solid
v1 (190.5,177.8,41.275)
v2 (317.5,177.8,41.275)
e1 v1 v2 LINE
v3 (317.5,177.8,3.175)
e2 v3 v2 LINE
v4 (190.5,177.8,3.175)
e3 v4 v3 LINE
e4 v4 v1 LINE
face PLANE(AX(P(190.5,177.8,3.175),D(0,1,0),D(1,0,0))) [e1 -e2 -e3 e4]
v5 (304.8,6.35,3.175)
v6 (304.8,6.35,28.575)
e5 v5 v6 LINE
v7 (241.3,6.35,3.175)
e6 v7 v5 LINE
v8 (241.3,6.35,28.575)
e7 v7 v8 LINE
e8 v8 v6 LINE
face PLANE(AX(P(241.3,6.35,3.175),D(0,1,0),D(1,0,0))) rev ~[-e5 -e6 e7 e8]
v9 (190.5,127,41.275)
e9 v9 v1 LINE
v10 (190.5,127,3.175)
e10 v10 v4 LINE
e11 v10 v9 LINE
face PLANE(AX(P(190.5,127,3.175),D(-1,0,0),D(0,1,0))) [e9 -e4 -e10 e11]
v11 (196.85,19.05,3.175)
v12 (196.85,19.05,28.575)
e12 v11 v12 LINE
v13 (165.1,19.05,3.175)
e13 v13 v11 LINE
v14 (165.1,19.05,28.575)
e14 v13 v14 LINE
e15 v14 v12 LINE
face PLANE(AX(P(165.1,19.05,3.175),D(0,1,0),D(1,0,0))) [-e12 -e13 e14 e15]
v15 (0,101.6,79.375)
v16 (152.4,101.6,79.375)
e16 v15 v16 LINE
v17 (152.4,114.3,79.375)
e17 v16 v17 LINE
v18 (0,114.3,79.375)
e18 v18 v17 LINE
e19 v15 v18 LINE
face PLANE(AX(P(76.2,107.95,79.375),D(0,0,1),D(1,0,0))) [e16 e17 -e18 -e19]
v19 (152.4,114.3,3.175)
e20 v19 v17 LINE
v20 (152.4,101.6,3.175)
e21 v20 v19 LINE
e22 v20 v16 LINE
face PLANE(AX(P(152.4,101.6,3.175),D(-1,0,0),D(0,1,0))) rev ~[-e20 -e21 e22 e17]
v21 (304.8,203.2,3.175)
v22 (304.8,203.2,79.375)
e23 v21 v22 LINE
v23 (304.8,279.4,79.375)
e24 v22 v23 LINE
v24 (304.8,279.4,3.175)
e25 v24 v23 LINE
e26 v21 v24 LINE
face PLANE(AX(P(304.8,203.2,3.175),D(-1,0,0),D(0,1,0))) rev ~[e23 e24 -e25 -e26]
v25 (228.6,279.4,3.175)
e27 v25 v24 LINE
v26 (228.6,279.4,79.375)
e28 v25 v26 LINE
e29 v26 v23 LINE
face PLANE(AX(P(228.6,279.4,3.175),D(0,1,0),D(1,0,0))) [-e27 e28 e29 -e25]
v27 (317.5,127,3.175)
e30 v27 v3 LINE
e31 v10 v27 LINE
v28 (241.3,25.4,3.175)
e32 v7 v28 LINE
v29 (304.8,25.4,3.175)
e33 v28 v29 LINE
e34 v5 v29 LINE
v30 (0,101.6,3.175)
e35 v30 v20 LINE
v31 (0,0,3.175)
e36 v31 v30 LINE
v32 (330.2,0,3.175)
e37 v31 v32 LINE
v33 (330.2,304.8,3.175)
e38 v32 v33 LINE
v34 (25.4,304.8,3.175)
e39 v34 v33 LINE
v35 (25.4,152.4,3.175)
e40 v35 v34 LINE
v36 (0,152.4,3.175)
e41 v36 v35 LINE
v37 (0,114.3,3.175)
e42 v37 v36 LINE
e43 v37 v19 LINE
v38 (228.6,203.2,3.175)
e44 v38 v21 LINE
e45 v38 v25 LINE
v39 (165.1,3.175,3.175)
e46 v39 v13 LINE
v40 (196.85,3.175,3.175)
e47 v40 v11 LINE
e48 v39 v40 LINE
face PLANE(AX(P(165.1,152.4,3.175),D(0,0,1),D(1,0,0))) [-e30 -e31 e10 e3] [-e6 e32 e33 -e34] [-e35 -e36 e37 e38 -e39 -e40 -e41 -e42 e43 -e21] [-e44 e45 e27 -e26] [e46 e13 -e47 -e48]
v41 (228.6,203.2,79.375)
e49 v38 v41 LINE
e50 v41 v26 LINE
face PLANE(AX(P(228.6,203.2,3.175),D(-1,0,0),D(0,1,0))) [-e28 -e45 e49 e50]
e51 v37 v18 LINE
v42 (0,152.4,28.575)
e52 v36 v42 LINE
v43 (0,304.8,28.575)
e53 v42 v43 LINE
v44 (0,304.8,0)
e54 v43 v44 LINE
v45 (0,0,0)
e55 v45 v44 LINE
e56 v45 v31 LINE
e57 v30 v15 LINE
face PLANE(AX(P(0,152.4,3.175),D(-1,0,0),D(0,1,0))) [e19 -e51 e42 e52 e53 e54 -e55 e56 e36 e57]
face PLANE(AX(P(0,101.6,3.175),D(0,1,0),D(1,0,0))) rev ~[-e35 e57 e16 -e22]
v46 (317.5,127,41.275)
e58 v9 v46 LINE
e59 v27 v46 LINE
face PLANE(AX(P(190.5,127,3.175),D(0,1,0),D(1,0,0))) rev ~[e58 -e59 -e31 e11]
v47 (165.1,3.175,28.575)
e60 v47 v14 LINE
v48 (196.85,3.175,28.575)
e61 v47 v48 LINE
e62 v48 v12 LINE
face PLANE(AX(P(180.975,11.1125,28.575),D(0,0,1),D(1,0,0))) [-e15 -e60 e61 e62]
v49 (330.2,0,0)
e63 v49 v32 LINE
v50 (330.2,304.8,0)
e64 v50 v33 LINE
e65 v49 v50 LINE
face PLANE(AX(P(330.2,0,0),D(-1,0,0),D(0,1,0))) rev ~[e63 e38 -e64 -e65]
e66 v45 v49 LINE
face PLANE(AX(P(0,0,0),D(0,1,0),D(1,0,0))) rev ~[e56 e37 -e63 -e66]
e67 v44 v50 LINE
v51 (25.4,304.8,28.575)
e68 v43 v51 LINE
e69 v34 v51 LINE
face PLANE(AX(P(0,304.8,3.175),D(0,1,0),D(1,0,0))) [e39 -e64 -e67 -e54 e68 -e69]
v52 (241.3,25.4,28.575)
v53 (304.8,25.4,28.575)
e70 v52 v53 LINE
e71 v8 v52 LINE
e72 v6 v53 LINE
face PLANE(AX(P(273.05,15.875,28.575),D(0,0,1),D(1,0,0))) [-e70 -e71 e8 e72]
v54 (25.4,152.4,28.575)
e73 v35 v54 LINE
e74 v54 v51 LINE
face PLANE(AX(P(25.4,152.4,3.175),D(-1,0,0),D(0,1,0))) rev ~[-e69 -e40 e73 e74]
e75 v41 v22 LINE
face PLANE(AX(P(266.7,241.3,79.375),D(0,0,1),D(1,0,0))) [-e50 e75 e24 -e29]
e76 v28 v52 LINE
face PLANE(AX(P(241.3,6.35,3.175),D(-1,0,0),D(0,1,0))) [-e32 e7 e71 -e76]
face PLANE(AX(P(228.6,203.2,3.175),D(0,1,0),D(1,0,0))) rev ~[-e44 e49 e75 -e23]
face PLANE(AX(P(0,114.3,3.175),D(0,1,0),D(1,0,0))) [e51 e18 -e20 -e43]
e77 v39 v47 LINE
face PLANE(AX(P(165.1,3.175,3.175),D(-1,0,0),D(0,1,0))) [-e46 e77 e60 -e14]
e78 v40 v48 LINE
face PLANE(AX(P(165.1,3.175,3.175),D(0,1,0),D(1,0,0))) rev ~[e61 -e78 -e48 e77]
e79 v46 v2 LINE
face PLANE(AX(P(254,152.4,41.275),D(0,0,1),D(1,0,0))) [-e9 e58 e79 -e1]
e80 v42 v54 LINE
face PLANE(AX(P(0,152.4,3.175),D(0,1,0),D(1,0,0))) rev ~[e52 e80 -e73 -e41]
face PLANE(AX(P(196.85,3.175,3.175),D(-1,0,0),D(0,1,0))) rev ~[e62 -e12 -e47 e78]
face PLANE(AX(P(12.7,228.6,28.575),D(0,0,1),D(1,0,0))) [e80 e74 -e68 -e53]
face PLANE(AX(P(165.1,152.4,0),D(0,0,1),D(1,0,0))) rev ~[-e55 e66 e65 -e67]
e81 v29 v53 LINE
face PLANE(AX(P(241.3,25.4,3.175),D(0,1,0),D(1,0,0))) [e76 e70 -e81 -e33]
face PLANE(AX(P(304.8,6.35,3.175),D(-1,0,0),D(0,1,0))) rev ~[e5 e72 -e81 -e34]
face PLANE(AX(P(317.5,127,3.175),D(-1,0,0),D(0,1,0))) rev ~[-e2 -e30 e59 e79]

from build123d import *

# Parameters (mm, degrees)
F0_W      = 330.2
F0_H      = 304.8
F1_DEPTH  = 3.175
F2_W      = 76.2
F2_H      = 76.2
F3_DEPTH  = 76.2
F4_W      = 25.4
F4_H      = 152.4
F5_DEPTH  = 25.4
F6_W      = 152.4
F6_H      = 12.7
F7_DEPTH  = 76.2
F8_W      = 127
F8_H      = 50.8
F9_DEPTH  = 38.1
F10_W     = 63.5
F10_H     = 19.05
F11_DEPTH = 25.4
F12_W     = 31.75
F12_H     = 15.875
F13_DEPTH = 25.4


with BuildPart() as f1:
    # F0 (on Top) → F1 (new body)
    with BuildSketch(Plane.XY):
        with Locations((165.1, 152.4)):
            Rectangle(F0_W, F0_H)
    extrude(amount=F1_DEPTH)

    # F2 (on face) → F3 (join)
    with BuildSketch(Plane.XY.offset(3.175)):
        with Locations((266.7, 241.3)):
            Rectangle(F2_W, F2_H)
    extrude(amount=F3_DEPTH)

    # F4 (on face) → F5 (join)
    with BuildSketch(Plane.XY.offset(3.175)):
        with Locations((12.7, 228.6)):
            Rectangle(F4_W, F4_H)
    extrude(amount=F5_DEPTH)

    # F6 (on face) → F7 (join)
    with BuildSketch(Plane.XY.offset(3.175)):
        with Locations((76.2, 107.95)):
            Rectangle(F6_W, F6_H)
    extrude(amount=F7_DEPTH)

    # F8 (on face) → F9 (join)
    with BuildSketch(Plane.XY.offset(3.175)):
        with Locations((254, 152.4)):
            Rectangle(F8_W, F8_H)
    extrude(amount=F9_DEPTH)

    # F10 (on face) → F11 (join)
    with BuildSketch(Plane.XY.offset(3.175)):
        with Locations((273.05, 15.875)):
            Rectangle(F10_W, F10_H)
    extrude(amount=F11_DEPTH)

    # F12 (on face) → F13 (join)
    with BuildSketch(Plane.XY.offset(3.175)):
        with Locations((180.975, 11.1125)):
            Rectangle(F12_W, F12_H)
    extrude(amount=F13_DEPTH)


solid = f1.part
